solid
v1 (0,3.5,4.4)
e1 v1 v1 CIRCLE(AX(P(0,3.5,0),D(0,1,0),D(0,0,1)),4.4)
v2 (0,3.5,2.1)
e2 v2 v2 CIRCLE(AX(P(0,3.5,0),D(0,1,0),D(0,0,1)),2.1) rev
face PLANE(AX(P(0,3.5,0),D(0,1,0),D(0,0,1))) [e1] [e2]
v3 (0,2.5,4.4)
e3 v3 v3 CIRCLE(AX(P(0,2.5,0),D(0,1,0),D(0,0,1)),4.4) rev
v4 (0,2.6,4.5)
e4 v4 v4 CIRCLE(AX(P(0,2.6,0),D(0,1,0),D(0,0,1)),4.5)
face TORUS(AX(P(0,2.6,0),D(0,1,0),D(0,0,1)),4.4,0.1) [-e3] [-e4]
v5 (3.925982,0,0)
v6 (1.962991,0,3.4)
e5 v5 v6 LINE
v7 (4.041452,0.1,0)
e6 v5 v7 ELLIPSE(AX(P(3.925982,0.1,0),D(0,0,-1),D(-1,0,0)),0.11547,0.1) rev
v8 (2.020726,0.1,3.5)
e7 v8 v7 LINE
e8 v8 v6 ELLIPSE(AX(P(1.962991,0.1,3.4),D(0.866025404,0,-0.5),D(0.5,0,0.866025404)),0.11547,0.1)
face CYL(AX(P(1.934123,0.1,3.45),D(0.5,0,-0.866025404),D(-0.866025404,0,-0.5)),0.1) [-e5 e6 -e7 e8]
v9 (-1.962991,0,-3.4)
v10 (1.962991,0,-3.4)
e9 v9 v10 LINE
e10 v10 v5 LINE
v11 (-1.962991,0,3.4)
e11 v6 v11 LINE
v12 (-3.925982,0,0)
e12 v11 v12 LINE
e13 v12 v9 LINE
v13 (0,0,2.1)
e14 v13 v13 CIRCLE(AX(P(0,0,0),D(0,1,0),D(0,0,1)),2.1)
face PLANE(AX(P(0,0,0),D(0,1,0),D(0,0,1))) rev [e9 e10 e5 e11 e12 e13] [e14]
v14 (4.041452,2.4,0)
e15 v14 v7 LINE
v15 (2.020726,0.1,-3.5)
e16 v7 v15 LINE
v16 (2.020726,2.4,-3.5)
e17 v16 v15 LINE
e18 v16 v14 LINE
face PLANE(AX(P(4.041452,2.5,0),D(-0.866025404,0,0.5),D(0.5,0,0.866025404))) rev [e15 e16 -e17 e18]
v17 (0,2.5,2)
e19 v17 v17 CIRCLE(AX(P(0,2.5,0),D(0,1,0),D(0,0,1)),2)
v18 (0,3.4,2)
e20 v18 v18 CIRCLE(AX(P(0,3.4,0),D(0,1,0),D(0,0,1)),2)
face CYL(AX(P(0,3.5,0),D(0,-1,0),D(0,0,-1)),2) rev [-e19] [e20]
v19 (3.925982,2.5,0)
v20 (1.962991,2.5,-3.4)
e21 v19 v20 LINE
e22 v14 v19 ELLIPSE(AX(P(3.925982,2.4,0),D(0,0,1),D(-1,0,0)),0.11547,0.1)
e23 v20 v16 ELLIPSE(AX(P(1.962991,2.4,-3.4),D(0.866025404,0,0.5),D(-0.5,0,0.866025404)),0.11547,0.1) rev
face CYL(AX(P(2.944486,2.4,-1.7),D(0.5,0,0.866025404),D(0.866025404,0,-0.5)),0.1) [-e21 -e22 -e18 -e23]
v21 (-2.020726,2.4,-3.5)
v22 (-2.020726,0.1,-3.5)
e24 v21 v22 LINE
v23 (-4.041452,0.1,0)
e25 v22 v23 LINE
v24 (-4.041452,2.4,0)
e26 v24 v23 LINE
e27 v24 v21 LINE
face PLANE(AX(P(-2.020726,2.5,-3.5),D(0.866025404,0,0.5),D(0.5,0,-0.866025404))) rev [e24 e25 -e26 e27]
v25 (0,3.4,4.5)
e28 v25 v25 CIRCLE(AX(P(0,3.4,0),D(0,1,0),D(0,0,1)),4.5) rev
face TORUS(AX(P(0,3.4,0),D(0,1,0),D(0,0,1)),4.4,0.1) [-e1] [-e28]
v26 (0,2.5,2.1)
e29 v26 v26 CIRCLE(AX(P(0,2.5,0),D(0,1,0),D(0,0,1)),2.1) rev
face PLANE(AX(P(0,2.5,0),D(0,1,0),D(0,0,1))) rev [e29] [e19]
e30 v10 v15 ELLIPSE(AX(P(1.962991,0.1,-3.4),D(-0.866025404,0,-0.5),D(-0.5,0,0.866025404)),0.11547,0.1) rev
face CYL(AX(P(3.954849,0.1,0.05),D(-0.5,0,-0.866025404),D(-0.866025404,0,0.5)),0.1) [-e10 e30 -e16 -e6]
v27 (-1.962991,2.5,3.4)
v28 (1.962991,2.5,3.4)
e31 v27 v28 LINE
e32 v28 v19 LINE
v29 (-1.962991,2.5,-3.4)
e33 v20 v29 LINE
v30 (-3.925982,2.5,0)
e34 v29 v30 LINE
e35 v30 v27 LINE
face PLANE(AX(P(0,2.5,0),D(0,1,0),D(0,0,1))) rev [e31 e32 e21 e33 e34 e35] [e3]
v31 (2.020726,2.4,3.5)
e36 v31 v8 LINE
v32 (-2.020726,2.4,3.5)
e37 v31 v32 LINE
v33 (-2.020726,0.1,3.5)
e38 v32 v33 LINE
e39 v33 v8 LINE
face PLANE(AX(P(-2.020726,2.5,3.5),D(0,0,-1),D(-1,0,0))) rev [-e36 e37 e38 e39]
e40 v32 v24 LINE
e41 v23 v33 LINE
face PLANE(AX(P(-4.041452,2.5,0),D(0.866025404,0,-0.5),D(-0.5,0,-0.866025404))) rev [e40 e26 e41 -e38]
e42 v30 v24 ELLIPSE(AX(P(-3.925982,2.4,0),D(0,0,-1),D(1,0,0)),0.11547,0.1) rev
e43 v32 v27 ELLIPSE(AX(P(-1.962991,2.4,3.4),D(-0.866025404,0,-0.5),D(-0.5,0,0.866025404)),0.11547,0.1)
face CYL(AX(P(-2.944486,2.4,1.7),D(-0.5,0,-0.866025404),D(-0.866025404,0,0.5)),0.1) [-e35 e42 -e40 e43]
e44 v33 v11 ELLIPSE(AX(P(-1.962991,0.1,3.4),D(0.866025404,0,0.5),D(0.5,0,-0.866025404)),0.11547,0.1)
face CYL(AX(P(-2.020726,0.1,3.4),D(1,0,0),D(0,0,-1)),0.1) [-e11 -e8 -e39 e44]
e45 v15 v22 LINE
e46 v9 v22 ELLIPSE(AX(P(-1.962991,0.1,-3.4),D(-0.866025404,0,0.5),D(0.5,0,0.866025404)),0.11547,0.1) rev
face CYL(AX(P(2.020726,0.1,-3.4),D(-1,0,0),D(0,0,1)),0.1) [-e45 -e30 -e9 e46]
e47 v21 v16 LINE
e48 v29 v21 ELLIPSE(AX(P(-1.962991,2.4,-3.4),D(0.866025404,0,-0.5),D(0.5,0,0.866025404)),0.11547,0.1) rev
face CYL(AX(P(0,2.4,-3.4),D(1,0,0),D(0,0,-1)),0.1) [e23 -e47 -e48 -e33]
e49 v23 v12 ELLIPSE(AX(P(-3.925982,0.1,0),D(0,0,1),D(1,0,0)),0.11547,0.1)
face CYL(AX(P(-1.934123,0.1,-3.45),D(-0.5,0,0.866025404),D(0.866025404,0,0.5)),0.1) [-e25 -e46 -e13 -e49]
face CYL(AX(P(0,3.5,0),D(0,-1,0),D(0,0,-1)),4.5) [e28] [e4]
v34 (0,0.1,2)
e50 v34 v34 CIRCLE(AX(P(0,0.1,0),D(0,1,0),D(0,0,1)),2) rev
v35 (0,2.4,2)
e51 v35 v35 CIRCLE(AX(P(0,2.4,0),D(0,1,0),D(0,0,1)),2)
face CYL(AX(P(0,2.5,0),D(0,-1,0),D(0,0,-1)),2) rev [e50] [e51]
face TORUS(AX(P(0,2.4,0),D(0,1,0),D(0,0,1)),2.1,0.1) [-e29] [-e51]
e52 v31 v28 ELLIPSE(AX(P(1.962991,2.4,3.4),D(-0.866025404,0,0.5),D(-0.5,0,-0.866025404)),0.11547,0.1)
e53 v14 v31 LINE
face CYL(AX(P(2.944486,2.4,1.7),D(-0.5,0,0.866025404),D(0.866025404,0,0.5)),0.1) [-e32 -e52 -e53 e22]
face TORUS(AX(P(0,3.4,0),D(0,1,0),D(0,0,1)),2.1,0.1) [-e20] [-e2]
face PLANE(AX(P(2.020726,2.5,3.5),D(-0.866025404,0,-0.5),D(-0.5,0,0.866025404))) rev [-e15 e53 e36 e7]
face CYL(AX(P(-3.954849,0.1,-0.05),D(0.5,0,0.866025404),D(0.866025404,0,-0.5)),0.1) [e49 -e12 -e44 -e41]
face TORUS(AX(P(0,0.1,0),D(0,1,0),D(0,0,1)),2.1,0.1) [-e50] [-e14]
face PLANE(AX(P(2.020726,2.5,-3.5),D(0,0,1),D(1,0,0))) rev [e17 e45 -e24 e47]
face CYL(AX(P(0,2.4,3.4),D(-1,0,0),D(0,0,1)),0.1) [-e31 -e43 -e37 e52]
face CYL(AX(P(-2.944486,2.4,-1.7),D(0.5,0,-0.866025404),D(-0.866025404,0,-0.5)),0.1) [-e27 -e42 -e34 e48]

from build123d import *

# Parameters (mm, degrees)
SKETCH1_R           = 2
BOSS_EXTRUDE1_DEPTH = 2.5
FILLET1_R           = 0.1
SKETCH2_R           = 4.5
SKETCH2_R_2         = 2
BOSS_EXTRUDE2_DEPTH = 1
FILLET2_R           = 0.1


with BuildPart() as part:
    # Sketch1 → Boss-Extrude1 (new body)
    with BuildSketch(Plane(origin=(0, 0, 0), x_dir=(1, 0, 0), z_dir=(0, 1, 0))):
        Polygon((2.020725942, -3.5), (4.041451884, 0), (2.020725942, 3.5), (-2.020725942, 3.5), (-4.041451884, 0), (-2.020725942, -3.5), align=None)
        with Locations(Location((0, 0, 0), (0, 0, 270))):
            Circle(SKETCH1_R, mode=Mode.SUBTRACT)
    extrude(amount=BOSS_EXTRUDE1_DEPTH)

    # Fillet1
    fillet1_edges = [part.edges().sort_by_distance(p)[0] for p in [
        (3.031088913, 2.5, -1.75),
        (0, 2.5, -3.5),
        (-3.031088913, 2.5, -1.75),
        (0, 0, -2),
        (0, 2.5, -2),
        (-3.031088913, 2.5, 1.75),
        (0, 2.5, 3.5),
        (-3.031088913, 0, 1.75),
        (-3.031088913, 0, -1.75),
        (0, 0, -3.5),
        (3.031088913, 2.5, 1.75),
        (3.031088913, 0, -1.75),
        (3.031088913, 0, 1.75),
        (0, 0, 3.5),
    ]]
    fillet(fillet1_edges, radius=FILLET1_R)

    # Sketch2 → Boss-Extrude2 (add)
    with BuildSketch(Plane(origin=(0, 2.5, 0), x_dir=(1, 0, 0), z_dir=(0, 1, 0))):
        with Locations(Location((0, 0, 0), (0, 0, 270))):
            Circle(SKETCH2_R)
        with Locations(Location((0, 0, 0), (0, 0, 270))):
            Circle(SKETCH2_R_2, mode=Mode.SUBTRACT)
    extrude(amount=BOSS_EXTRUDE2_DEPTH)

    # Fillet2
    fillet2_edges = [part.edges().sort_by_distance(p)[0] for p in [
        (0, 3.5, -4.5),
        (0, 2.5, -4.5),
        (0, 3.5, -2),
    ]]
    fillet(fillet2_edges, radius=FILLET2_R)


solid = part.part
